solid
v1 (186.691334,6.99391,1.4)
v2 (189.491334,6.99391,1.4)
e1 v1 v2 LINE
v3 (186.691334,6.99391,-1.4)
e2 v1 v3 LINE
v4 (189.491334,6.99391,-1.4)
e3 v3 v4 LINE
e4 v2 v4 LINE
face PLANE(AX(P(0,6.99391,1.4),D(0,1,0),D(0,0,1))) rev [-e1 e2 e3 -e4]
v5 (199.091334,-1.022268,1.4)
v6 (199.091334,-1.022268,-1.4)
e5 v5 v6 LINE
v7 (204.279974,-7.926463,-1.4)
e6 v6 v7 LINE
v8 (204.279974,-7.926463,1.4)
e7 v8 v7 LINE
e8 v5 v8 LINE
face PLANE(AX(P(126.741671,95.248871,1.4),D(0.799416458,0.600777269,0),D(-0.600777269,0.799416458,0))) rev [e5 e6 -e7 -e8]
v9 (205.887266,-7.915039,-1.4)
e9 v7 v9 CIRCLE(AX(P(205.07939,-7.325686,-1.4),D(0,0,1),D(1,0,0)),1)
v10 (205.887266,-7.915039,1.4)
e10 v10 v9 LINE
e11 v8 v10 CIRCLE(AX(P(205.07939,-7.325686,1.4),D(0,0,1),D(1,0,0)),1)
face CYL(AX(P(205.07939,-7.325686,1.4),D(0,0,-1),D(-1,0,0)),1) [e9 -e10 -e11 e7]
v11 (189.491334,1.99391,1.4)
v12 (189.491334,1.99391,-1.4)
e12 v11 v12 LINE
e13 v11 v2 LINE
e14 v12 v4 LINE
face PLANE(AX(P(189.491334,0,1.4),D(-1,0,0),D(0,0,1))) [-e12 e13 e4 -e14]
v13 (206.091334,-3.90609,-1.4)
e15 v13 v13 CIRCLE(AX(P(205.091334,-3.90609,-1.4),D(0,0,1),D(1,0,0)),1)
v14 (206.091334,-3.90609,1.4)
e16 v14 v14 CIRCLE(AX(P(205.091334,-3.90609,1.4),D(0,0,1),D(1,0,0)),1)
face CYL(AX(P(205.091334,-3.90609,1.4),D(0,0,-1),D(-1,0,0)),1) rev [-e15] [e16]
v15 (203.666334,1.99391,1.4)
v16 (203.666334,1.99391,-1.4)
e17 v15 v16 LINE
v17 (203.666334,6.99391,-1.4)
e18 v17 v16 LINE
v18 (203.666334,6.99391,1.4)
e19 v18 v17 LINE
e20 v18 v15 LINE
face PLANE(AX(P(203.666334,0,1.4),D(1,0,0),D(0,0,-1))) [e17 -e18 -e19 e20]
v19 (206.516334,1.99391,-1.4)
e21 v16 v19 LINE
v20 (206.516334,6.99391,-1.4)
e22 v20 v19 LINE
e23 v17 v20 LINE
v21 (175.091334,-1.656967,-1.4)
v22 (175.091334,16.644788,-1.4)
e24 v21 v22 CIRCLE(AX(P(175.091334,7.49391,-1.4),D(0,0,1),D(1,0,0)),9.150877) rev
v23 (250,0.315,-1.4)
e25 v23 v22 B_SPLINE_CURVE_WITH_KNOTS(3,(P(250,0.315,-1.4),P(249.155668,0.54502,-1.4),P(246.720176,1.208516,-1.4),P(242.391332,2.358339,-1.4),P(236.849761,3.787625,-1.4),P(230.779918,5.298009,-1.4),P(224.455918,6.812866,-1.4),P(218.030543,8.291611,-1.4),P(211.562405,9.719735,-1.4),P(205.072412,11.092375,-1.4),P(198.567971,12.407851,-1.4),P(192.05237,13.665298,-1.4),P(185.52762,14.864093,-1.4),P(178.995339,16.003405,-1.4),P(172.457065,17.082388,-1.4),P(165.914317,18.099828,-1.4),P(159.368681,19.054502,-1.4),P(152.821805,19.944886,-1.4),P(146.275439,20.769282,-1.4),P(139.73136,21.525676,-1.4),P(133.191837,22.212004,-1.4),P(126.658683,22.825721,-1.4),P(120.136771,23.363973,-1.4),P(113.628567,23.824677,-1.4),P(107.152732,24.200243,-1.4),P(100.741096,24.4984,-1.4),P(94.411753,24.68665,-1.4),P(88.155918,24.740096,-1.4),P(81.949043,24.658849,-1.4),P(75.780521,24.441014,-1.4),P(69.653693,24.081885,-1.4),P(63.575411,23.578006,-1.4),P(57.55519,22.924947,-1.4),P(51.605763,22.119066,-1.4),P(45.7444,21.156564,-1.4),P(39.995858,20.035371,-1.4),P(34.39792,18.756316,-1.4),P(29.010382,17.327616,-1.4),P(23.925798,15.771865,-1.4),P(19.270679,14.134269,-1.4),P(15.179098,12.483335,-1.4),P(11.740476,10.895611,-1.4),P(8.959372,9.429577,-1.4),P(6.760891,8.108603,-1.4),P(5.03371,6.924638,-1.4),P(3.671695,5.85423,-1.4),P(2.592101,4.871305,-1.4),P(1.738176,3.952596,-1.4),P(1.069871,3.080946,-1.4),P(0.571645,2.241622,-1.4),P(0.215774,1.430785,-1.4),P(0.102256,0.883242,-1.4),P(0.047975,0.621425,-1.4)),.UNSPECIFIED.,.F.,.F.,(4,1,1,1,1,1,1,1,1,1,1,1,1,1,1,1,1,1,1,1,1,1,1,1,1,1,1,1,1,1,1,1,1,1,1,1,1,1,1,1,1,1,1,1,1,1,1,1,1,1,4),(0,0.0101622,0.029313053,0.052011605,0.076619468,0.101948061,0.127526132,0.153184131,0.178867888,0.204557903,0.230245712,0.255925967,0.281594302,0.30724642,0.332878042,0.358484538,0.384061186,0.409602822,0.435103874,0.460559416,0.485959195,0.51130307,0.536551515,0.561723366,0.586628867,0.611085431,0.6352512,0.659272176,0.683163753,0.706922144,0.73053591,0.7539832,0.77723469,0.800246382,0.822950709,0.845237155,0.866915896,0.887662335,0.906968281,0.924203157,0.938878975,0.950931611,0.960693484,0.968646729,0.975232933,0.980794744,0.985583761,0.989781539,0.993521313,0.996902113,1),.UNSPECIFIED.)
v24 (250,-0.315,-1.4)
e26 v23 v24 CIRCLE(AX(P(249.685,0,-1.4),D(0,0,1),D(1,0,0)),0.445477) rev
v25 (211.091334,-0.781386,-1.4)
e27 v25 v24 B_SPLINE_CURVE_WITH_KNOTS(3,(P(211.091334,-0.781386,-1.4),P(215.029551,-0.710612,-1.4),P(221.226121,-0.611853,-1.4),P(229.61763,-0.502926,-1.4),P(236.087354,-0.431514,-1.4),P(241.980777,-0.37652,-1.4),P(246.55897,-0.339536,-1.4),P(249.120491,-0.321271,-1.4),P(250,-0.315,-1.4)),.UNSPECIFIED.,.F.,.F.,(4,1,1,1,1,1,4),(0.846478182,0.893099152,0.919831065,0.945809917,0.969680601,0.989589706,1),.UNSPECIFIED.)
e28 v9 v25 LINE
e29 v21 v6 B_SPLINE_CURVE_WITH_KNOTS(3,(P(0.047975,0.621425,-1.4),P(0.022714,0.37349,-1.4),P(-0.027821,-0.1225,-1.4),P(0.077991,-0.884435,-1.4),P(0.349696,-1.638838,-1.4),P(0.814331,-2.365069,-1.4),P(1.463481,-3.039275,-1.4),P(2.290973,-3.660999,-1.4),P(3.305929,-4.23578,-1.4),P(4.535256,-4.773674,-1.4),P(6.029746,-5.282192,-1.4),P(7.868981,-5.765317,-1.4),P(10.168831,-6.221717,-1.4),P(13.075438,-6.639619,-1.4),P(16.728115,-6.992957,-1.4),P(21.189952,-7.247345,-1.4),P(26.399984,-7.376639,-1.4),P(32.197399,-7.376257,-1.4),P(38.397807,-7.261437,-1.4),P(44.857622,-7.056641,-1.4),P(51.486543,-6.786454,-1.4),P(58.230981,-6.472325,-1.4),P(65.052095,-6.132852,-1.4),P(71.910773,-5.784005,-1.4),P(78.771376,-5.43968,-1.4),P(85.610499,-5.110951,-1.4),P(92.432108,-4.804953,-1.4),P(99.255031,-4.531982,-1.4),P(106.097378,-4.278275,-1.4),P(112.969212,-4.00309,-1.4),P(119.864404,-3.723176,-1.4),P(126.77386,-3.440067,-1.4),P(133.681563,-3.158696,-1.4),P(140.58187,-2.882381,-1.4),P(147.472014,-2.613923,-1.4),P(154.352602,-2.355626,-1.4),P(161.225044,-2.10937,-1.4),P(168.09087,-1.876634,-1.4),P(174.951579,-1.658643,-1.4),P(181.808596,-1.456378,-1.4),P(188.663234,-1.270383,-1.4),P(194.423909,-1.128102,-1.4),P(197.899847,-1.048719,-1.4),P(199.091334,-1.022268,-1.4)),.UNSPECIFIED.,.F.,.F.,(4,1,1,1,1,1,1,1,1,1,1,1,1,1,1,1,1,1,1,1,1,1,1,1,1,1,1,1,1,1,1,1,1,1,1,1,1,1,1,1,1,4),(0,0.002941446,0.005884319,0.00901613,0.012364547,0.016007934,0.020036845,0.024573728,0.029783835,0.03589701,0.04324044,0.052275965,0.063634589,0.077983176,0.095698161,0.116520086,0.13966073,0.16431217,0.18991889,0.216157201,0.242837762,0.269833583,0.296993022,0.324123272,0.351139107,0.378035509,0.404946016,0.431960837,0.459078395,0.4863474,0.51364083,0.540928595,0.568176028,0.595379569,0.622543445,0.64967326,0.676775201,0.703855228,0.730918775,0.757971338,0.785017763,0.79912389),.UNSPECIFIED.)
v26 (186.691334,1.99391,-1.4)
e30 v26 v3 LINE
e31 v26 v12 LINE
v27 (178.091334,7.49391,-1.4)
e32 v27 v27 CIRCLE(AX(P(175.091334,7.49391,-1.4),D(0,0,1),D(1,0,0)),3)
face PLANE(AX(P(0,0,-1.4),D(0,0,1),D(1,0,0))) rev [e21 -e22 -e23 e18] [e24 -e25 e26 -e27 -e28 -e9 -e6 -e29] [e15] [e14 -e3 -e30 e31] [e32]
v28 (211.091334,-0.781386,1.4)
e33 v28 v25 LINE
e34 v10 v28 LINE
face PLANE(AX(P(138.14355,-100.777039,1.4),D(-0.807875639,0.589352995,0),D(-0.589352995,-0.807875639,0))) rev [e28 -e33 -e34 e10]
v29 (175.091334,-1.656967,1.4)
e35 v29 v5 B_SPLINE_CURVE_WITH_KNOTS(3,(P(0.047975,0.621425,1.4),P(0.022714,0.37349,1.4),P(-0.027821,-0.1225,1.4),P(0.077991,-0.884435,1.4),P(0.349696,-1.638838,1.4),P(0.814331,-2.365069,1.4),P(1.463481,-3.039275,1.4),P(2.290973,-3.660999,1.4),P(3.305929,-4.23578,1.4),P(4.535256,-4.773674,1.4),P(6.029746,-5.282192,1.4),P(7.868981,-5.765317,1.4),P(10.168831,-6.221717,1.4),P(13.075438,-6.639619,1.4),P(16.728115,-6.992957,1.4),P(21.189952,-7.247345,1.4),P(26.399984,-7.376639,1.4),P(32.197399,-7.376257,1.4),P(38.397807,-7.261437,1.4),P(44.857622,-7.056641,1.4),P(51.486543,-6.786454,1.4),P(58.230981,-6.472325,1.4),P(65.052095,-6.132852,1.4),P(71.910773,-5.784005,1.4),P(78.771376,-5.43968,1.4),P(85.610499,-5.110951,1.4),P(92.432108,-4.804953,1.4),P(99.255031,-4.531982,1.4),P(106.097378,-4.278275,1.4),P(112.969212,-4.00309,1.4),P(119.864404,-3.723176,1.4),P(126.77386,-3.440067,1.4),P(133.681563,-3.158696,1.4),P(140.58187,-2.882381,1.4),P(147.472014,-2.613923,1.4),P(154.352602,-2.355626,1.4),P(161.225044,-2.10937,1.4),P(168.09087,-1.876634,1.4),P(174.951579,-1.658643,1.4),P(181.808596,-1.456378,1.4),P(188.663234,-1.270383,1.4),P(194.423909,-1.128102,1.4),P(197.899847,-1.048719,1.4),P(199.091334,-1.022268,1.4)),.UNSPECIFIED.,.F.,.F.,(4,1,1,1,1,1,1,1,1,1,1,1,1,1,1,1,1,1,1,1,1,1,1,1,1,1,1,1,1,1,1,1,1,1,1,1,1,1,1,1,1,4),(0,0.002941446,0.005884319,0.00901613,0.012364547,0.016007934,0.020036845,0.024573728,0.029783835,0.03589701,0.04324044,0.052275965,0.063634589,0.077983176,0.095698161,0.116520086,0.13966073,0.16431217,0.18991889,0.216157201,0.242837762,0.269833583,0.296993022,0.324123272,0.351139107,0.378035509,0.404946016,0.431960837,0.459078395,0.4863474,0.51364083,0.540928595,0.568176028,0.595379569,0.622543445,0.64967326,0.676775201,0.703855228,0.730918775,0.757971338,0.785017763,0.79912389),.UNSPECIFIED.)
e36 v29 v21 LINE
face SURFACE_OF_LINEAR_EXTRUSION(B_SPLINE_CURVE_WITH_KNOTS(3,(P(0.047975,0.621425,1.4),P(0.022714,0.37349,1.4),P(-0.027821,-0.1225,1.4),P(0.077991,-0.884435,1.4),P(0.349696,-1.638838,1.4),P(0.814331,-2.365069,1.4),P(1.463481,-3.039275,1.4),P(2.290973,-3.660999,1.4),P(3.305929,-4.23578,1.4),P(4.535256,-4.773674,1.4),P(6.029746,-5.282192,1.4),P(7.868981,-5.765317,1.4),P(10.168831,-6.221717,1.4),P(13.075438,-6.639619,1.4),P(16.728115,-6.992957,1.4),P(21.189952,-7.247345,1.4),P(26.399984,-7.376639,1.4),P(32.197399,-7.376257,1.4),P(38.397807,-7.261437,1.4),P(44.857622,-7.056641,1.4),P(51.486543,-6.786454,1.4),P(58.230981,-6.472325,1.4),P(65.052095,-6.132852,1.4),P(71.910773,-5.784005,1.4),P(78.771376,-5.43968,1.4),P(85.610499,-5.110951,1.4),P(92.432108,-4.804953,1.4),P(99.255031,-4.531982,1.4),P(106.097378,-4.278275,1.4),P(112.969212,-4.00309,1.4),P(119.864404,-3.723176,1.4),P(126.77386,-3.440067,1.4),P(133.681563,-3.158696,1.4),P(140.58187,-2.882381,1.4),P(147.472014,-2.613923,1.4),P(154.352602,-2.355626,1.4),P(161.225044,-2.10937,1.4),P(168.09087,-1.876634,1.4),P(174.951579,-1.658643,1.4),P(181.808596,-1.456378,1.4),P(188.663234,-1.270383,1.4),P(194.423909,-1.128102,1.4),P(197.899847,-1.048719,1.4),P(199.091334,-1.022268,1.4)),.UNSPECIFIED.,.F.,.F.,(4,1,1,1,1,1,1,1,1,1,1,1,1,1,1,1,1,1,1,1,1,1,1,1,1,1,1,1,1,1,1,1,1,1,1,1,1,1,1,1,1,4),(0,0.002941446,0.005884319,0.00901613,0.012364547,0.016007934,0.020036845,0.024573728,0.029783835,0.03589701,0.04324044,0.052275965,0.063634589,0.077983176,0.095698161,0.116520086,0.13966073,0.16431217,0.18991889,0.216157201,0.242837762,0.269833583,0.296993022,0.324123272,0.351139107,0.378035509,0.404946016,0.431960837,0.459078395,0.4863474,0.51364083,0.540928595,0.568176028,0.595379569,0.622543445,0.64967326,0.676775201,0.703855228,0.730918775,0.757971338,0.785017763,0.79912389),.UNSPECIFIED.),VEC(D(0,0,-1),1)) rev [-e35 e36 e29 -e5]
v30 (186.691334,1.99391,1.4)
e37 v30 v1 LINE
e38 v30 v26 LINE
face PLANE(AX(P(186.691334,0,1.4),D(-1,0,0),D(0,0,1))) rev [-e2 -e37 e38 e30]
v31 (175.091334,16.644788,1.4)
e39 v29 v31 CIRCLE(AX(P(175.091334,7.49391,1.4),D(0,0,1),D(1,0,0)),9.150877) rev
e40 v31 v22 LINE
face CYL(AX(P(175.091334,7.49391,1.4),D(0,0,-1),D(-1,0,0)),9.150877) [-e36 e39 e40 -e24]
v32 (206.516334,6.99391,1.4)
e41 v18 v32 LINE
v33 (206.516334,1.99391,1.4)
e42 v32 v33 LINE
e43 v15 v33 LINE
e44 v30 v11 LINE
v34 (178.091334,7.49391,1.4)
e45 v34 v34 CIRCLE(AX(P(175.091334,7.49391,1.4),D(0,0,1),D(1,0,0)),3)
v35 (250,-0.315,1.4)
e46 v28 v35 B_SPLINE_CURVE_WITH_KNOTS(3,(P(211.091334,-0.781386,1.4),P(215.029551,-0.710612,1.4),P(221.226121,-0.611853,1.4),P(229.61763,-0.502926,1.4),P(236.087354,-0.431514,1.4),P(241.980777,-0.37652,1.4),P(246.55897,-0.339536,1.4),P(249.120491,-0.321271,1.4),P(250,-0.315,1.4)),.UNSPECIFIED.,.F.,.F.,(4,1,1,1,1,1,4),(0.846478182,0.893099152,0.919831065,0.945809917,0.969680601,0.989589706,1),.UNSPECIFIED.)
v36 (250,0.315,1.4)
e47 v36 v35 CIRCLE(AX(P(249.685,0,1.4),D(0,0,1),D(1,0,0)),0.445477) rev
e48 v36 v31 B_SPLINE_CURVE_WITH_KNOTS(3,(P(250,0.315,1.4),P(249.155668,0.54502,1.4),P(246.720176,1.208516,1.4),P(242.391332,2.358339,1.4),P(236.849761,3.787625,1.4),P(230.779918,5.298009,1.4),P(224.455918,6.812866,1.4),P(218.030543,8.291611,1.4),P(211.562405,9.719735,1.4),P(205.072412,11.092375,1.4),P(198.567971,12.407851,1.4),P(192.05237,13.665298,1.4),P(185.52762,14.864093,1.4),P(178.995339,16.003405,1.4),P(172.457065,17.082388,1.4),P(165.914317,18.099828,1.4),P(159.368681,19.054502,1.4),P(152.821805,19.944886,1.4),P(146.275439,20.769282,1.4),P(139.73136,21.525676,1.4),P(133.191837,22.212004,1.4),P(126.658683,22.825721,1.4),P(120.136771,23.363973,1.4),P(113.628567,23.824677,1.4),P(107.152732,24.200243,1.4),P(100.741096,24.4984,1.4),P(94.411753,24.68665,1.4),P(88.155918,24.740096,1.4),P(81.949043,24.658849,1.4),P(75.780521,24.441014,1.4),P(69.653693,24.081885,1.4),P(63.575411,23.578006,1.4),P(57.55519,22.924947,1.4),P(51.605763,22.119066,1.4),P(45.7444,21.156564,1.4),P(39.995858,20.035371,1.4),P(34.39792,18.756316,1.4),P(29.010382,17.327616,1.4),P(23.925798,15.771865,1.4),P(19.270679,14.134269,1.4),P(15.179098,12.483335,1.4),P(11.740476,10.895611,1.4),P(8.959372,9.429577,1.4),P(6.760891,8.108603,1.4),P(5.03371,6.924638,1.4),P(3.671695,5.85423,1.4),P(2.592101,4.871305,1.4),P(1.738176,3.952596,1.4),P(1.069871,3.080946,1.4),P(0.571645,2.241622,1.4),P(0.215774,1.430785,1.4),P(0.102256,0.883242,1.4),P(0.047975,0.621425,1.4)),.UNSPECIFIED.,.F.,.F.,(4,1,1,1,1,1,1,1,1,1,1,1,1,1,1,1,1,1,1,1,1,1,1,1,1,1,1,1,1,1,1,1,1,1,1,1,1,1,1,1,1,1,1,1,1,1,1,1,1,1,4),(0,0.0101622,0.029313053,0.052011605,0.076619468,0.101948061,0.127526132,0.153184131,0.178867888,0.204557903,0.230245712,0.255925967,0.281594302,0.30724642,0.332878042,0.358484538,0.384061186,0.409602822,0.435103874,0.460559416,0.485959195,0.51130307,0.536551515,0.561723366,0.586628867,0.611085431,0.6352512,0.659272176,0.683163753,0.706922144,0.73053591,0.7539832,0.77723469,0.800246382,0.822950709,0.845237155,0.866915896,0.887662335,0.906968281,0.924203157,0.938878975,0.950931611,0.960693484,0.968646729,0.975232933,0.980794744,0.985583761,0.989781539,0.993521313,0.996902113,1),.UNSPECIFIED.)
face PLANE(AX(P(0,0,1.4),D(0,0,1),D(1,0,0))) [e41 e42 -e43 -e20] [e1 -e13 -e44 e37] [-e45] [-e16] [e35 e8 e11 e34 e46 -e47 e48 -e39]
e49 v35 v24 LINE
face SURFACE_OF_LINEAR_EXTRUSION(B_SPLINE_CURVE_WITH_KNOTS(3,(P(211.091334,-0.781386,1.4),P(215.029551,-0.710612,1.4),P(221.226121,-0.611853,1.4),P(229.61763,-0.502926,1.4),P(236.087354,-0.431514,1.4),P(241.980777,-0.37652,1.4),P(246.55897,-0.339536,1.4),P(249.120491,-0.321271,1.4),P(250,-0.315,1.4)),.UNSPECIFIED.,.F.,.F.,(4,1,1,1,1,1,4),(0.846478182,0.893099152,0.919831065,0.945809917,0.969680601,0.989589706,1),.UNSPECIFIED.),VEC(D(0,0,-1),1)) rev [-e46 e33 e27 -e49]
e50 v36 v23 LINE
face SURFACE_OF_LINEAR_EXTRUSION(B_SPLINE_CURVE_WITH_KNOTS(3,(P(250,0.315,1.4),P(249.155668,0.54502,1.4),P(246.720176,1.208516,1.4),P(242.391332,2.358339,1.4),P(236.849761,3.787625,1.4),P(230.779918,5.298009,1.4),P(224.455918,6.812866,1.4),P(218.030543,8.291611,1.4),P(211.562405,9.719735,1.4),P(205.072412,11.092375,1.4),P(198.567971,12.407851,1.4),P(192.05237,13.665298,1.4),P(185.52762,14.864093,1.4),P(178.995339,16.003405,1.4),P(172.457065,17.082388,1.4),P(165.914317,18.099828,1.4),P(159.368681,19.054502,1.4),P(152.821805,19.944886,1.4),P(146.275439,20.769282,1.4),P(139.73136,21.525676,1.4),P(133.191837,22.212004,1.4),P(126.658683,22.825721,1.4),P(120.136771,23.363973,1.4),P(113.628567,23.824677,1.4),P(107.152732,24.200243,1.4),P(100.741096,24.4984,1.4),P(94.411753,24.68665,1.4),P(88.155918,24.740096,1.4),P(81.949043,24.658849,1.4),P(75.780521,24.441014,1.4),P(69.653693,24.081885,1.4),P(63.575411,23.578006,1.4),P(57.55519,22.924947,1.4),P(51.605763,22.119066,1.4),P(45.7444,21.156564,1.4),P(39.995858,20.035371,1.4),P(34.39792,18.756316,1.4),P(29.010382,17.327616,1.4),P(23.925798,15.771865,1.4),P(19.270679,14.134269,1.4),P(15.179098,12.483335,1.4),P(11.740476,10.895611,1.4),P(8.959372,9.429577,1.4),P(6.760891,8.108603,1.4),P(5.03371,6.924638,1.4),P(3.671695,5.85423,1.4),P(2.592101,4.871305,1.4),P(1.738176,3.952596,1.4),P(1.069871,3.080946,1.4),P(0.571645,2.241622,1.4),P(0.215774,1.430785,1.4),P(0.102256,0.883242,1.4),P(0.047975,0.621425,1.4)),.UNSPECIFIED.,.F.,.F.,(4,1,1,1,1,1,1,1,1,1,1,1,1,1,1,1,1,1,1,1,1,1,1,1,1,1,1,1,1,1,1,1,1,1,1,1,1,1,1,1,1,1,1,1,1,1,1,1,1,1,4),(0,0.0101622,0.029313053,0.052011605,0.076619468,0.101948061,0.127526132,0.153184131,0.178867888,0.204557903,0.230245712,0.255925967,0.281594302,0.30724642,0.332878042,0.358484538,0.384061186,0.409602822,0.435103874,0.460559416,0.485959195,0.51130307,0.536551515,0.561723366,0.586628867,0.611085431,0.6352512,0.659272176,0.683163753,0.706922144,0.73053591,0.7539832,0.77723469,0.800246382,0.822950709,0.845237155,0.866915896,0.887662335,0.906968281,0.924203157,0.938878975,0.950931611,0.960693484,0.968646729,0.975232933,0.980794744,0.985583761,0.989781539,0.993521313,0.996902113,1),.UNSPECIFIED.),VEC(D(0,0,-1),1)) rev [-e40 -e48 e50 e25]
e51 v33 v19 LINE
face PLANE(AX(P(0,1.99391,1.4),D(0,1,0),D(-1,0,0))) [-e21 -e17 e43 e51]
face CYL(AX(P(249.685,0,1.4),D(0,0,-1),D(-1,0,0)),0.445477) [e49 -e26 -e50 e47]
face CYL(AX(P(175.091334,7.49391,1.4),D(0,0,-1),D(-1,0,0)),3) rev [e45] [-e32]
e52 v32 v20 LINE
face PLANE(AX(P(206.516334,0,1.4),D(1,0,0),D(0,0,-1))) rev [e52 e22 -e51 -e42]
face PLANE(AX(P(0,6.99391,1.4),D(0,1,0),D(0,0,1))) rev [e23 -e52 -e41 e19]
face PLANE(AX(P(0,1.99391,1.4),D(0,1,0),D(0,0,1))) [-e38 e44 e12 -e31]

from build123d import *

# Parameters (mm, degrees)
SKETCH_1_R      = 1
SKETCH_1_R_2    = 3
SKETCH_1_W      = 2.8
SKETCH_1_H      = 5
SKETCH_1_W_2    = 2.85
EXTRUDE_1_DEPTH = 1.4


with BuildPart() as part:
    # Эскиз1 → Бобышка-Вытянуть1 (new, symmetric)
    with BuildSketch(Plane.XY):
        with BuildLine():
            ThreePointArc((175.091334091, 16.644787515), (168.620686799, 13.96455765), (165.940456932, 7.493910359))
            ThreePointArc((165.940456932, 7.493910359), (168.620686797, 1.023263065), (175.091334091, -1.656966802))
            add(Edge.make_bspline(
                [(175.091334091, -1.656966802), (177.330680613, -1.588466601), (181.854695323, -1.455127256), (188.663234462, -1.270383377), (194.423908611, -1.128102082), (197.899847219, -1.04871935), (199.091334091, -1.02226769)],
                knots=[0.704401069, 0.704401069, 0.704401069, 0.704401069, 0.730918775, 0.757971338, 0.785017763, 0.79912389, 0.79912389, 0.79912389, 0.79912389], degree=3))
            Line((199.091334091, -1.02226769), (204.279973699, -7.926463493))
            ThreePointArc((204.279973699, -7.926463493), (205.086497755, -8.325660965), (205.887265796, -7.915039218))
            Line((205.887265796, -7.915039218), (211.091334091, -0.78138581))
            add(Edge.make_bspline(
                [(211.091334091, -0.78138581), (215.029550732, -0.71061193), (221.226120504, -0.611852577), (229.617630172, -0.50292618), (236.087353854, -0.431514192), (241.980776913, -0.376520461), (246.558970011, -0.339535886), (249.120490965, -0.321271242), (250, -0.315)],
                knots=[0.846478182, 0.846478182, 0.846478182, 0.846478182, 0.893099152, 0.919831065, 0.945809917, 0.969680601, 0.989589706, 1, 1, 1, 1], degree=3))
            ThreePointArc((250, -0.315), (250.130477272, 0), (250, 0.315))
            add(Edge.make_bspline(
                [(250, 0.315), (249.15566774, 0.545019818), (246.720175698, 1.208516243), (242.391332083, 2.358339053), (236.849761204, 3.787625364), (230.779918279, 5.298008837), (224.455917947, 6.812866028), (218.030543496, 8.291610632), (211.562405045, 9.719735057), (205.072411509, 11.092374932), (198.567970913, 12.407850726), (192.052369914, 13.665297924), (185.527619973, 14.864093303), (179.872800983, 15.850364437), (176.392239334, 16.431323122), (175.091334091, 16.644787515)],
                knots=[0, 0, 0, 0, 0.0101622, 0.029313053, 0.052011605, 0.076619468, 0.101948061, 0.127526132, 0.153184131, 0.178867888, 0.204557903, 0.230245712, 0.255925967, 0.281594302, 0.296903142, 0.296903142, 0.296903142, 0.296903142], degree=3))
        make_face()
        with Locations((205.091334091, -3.906089643)):
            Circle(SKETCH_1_R, mode=Mode.SUBTRACT)
        with Locations((175.091334091, 7.493910357)):
            Circle(SKETCH_1_R_2, mode=Mode.SUBTRACT)
        with Locations((188.091334091, 4.493910357)):
            Rectangle(SKETCH_1_W, SKETCH_1_H, mode=Mode.SUBTRACT)
        with Locations((205.091334091, 4.493910357)):
            Rectangle(SKETCH_1_W_2, SKETCH_1_H, mode=Mode.SUBTRACT)
    extrude(amount=EXTRUDE_1_DEPTH, both=True)


solid = part.part
